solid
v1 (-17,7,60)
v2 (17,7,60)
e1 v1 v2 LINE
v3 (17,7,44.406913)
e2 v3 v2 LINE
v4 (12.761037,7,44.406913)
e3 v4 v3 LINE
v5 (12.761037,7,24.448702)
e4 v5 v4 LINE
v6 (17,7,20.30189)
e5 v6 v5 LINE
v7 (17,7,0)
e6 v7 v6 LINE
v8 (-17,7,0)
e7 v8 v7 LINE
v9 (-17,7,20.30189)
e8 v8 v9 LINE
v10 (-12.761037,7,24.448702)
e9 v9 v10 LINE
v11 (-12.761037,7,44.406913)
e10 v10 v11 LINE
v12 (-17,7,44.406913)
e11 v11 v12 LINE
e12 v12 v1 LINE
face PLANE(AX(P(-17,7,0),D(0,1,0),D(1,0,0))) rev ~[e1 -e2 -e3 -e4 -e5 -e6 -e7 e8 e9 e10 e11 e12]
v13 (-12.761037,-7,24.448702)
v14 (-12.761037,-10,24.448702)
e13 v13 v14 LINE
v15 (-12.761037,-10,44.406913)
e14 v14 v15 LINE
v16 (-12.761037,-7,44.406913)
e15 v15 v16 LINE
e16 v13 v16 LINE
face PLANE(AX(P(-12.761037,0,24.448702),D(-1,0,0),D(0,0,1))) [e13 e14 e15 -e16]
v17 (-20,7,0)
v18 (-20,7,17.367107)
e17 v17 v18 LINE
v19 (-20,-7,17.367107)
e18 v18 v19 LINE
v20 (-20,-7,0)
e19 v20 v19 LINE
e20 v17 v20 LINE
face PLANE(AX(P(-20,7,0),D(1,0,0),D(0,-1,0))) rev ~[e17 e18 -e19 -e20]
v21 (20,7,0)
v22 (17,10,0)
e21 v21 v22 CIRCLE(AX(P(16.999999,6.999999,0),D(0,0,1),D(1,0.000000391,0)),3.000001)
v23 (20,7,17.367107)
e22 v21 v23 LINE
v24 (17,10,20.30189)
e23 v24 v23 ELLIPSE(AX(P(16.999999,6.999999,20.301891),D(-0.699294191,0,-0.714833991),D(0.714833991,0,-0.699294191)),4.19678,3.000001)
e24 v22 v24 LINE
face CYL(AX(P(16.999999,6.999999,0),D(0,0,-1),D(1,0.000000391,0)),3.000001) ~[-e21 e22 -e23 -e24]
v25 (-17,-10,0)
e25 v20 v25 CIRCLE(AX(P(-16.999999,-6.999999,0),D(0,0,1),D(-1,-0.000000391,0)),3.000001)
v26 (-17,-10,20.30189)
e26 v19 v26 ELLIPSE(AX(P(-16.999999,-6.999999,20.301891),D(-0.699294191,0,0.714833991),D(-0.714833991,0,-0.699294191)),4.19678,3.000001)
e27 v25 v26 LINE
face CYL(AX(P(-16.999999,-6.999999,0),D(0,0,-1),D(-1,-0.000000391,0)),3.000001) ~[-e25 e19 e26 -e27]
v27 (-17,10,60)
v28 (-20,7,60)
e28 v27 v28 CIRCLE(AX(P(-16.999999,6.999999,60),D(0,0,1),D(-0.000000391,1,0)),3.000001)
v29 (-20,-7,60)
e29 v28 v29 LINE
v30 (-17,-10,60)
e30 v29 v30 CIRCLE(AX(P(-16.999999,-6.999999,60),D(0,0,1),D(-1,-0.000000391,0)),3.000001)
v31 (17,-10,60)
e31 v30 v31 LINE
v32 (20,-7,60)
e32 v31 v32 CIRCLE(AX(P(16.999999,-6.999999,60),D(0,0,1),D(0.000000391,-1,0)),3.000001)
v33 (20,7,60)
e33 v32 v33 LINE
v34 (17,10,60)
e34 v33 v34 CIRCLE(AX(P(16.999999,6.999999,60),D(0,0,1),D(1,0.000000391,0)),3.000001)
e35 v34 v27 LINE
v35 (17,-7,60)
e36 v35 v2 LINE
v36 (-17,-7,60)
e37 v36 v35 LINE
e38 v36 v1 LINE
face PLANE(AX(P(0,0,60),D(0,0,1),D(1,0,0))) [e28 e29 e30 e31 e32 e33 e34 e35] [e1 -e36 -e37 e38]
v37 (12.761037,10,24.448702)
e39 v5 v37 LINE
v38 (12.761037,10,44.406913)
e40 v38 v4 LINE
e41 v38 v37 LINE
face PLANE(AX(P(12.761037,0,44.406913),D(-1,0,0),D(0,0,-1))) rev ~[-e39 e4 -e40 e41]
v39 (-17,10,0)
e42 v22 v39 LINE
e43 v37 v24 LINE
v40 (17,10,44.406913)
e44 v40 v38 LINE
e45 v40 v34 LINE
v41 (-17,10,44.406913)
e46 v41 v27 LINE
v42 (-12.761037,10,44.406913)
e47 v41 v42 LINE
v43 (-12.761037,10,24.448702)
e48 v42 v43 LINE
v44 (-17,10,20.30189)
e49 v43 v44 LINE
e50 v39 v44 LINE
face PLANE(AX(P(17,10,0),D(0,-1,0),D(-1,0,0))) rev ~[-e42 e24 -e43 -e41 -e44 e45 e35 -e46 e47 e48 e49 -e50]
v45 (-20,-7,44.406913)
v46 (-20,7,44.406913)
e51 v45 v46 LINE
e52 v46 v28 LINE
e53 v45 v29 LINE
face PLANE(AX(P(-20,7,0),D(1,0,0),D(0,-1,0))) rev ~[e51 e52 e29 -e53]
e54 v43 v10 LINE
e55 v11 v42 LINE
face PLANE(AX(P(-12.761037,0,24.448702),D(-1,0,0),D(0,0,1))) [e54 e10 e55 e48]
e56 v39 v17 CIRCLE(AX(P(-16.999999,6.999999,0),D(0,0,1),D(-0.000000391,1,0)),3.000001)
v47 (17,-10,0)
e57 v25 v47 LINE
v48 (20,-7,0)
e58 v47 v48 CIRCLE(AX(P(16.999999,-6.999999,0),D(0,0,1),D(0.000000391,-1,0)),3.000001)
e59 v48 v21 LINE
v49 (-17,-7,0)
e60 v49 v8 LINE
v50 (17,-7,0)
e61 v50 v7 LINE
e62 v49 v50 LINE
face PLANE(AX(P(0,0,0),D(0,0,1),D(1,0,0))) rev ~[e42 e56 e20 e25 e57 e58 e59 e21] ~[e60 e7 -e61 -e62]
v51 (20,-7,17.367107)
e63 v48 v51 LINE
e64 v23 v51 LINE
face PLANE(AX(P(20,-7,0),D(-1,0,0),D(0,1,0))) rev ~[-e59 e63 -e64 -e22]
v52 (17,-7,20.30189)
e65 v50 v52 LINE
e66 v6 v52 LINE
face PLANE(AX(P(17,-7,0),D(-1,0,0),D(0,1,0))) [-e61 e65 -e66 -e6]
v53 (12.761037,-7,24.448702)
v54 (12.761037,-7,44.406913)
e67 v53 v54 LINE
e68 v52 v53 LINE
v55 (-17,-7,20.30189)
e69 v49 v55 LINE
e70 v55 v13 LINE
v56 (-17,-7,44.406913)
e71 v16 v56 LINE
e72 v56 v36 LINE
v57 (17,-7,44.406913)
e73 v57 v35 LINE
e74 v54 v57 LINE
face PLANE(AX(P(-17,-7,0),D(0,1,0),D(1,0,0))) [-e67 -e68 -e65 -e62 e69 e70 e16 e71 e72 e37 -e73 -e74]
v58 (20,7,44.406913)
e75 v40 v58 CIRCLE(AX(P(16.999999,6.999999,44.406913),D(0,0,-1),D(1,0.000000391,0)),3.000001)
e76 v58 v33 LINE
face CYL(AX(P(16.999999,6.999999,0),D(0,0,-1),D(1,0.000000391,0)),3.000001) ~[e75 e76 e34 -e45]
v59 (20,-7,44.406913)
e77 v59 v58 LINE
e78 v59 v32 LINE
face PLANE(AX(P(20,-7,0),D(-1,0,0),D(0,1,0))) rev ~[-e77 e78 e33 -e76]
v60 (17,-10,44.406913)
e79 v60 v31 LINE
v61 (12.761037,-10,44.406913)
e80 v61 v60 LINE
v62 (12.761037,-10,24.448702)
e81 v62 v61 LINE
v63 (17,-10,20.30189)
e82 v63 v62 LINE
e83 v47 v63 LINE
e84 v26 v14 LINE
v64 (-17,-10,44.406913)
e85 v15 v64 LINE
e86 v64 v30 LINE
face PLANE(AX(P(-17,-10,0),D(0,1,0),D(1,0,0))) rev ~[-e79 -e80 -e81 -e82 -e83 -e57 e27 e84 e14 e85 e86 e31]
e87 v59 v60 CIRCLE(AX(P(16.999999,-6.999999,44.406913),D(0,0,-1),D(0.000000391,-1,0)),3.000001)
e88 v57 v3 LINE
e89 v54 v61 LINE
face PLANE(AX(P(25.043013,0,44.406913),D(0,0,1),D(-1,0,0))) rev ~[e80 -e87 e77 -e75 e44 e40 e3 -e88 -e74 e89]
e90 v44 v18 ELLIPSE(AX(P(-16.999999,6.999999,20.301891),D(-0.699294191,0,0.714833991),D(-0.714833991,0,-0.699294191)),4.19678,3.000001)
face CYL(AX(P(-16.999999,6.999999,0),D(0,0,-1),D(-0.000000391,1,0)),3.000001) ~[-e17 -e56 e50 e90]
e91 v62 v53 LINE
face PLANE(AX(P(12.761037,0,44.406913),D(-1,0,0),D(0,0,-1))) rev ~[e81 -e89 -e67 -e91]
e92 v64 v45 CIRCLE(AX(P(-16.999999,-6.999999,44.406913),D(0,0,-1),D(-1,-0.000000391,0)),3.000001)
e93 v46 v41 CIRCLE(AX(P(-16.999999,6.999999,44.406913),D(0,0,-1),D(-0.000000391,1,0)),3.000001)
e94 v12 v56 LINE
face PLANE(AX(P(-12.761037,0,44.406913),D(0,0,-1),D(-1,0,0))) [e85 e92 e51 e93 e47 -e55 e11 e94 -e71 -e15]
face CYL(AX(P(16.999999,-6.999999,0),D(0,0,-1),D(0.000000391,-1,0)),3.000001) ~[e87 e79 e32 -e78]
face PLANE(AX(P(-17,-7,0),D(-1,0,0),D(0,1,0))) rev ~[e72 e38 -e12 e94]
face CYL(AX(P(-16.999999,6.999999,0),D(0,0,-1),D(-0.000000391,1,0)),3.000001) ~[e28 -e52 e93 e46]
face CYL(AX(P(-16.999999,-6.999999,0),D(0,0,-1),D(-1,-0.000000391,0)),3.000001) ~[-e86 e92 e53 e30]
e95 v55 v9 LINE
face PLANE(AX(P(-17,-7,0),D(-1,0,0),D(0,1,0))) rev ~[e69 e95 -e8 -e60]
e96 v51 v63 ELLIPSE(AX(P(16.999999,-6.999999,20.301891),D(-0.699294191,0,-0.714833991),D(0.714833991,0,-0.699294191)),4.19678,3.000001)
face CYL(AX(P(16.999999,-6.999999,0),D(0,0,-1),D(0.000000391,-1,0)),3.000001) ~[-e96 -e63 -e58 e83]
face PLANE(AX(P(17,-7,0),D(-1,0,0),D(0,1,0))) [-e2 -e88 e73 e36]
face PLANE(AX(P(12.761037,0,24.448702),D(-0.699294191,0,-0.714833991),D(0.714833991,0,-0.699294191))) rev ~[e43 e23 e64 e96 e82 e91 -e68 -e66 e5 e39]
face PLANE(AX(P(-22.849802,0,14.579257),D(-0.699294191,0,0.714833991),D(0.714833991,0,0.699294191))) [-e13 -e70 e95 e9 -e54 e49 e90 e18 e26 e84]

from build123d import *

# Parameters (mm, degrees)
F0_W     = 34
F0_H     = 14
F1_DEPTH = 60
F3_DEPTH = 12.5


with BuildPart() as f1:
    # F0 (on Top) → F1 (new body)
    with BuildSketch(Plane.XY):
        with BuildLine():
            Line((-17, -10), (17, -10))
            ThreePointArc((17, -10), (19.12132, -9.12132), (20, -7))
            Line((20, -7), (20, 7))
            ThreePointArc((20, 7), (19.12132, 9.12132), (17, 10))
            Line((17, 10), (-17, 10))
            ThreePointArc((-17, 10), (-19.12132, 9.12132), (-20, 7))
            Line((-20, 7), (-20, -7))
            ThreePointArc((-20, -7), (-19.12132, -9.12132), (-17, -10))
        make_face()
        Rectangle(F0_W, F0_H, mode=Mode.SUBTRACT)
    extrude(amount=F1_DEPTH)

    # F2 (on Front) → F3 (cut, symmetric)
    with BuildSketch(Plane.XZ):
        Polygon((-25.043013, 44.406913), (-22.849802, 14.579257), (-12.761037, 24.448702), (-12.761037, 44.406913), align=None)
        Polygon((22.849802, 14.579257), (25.043013, 44.406913), (12.761037, 44.406913), (12.761037, 24.448702), align=None)
    extrude(amount=F3_DEPTH, both=True, mode=Mode.SUBTRACT)


solid = f1.part
